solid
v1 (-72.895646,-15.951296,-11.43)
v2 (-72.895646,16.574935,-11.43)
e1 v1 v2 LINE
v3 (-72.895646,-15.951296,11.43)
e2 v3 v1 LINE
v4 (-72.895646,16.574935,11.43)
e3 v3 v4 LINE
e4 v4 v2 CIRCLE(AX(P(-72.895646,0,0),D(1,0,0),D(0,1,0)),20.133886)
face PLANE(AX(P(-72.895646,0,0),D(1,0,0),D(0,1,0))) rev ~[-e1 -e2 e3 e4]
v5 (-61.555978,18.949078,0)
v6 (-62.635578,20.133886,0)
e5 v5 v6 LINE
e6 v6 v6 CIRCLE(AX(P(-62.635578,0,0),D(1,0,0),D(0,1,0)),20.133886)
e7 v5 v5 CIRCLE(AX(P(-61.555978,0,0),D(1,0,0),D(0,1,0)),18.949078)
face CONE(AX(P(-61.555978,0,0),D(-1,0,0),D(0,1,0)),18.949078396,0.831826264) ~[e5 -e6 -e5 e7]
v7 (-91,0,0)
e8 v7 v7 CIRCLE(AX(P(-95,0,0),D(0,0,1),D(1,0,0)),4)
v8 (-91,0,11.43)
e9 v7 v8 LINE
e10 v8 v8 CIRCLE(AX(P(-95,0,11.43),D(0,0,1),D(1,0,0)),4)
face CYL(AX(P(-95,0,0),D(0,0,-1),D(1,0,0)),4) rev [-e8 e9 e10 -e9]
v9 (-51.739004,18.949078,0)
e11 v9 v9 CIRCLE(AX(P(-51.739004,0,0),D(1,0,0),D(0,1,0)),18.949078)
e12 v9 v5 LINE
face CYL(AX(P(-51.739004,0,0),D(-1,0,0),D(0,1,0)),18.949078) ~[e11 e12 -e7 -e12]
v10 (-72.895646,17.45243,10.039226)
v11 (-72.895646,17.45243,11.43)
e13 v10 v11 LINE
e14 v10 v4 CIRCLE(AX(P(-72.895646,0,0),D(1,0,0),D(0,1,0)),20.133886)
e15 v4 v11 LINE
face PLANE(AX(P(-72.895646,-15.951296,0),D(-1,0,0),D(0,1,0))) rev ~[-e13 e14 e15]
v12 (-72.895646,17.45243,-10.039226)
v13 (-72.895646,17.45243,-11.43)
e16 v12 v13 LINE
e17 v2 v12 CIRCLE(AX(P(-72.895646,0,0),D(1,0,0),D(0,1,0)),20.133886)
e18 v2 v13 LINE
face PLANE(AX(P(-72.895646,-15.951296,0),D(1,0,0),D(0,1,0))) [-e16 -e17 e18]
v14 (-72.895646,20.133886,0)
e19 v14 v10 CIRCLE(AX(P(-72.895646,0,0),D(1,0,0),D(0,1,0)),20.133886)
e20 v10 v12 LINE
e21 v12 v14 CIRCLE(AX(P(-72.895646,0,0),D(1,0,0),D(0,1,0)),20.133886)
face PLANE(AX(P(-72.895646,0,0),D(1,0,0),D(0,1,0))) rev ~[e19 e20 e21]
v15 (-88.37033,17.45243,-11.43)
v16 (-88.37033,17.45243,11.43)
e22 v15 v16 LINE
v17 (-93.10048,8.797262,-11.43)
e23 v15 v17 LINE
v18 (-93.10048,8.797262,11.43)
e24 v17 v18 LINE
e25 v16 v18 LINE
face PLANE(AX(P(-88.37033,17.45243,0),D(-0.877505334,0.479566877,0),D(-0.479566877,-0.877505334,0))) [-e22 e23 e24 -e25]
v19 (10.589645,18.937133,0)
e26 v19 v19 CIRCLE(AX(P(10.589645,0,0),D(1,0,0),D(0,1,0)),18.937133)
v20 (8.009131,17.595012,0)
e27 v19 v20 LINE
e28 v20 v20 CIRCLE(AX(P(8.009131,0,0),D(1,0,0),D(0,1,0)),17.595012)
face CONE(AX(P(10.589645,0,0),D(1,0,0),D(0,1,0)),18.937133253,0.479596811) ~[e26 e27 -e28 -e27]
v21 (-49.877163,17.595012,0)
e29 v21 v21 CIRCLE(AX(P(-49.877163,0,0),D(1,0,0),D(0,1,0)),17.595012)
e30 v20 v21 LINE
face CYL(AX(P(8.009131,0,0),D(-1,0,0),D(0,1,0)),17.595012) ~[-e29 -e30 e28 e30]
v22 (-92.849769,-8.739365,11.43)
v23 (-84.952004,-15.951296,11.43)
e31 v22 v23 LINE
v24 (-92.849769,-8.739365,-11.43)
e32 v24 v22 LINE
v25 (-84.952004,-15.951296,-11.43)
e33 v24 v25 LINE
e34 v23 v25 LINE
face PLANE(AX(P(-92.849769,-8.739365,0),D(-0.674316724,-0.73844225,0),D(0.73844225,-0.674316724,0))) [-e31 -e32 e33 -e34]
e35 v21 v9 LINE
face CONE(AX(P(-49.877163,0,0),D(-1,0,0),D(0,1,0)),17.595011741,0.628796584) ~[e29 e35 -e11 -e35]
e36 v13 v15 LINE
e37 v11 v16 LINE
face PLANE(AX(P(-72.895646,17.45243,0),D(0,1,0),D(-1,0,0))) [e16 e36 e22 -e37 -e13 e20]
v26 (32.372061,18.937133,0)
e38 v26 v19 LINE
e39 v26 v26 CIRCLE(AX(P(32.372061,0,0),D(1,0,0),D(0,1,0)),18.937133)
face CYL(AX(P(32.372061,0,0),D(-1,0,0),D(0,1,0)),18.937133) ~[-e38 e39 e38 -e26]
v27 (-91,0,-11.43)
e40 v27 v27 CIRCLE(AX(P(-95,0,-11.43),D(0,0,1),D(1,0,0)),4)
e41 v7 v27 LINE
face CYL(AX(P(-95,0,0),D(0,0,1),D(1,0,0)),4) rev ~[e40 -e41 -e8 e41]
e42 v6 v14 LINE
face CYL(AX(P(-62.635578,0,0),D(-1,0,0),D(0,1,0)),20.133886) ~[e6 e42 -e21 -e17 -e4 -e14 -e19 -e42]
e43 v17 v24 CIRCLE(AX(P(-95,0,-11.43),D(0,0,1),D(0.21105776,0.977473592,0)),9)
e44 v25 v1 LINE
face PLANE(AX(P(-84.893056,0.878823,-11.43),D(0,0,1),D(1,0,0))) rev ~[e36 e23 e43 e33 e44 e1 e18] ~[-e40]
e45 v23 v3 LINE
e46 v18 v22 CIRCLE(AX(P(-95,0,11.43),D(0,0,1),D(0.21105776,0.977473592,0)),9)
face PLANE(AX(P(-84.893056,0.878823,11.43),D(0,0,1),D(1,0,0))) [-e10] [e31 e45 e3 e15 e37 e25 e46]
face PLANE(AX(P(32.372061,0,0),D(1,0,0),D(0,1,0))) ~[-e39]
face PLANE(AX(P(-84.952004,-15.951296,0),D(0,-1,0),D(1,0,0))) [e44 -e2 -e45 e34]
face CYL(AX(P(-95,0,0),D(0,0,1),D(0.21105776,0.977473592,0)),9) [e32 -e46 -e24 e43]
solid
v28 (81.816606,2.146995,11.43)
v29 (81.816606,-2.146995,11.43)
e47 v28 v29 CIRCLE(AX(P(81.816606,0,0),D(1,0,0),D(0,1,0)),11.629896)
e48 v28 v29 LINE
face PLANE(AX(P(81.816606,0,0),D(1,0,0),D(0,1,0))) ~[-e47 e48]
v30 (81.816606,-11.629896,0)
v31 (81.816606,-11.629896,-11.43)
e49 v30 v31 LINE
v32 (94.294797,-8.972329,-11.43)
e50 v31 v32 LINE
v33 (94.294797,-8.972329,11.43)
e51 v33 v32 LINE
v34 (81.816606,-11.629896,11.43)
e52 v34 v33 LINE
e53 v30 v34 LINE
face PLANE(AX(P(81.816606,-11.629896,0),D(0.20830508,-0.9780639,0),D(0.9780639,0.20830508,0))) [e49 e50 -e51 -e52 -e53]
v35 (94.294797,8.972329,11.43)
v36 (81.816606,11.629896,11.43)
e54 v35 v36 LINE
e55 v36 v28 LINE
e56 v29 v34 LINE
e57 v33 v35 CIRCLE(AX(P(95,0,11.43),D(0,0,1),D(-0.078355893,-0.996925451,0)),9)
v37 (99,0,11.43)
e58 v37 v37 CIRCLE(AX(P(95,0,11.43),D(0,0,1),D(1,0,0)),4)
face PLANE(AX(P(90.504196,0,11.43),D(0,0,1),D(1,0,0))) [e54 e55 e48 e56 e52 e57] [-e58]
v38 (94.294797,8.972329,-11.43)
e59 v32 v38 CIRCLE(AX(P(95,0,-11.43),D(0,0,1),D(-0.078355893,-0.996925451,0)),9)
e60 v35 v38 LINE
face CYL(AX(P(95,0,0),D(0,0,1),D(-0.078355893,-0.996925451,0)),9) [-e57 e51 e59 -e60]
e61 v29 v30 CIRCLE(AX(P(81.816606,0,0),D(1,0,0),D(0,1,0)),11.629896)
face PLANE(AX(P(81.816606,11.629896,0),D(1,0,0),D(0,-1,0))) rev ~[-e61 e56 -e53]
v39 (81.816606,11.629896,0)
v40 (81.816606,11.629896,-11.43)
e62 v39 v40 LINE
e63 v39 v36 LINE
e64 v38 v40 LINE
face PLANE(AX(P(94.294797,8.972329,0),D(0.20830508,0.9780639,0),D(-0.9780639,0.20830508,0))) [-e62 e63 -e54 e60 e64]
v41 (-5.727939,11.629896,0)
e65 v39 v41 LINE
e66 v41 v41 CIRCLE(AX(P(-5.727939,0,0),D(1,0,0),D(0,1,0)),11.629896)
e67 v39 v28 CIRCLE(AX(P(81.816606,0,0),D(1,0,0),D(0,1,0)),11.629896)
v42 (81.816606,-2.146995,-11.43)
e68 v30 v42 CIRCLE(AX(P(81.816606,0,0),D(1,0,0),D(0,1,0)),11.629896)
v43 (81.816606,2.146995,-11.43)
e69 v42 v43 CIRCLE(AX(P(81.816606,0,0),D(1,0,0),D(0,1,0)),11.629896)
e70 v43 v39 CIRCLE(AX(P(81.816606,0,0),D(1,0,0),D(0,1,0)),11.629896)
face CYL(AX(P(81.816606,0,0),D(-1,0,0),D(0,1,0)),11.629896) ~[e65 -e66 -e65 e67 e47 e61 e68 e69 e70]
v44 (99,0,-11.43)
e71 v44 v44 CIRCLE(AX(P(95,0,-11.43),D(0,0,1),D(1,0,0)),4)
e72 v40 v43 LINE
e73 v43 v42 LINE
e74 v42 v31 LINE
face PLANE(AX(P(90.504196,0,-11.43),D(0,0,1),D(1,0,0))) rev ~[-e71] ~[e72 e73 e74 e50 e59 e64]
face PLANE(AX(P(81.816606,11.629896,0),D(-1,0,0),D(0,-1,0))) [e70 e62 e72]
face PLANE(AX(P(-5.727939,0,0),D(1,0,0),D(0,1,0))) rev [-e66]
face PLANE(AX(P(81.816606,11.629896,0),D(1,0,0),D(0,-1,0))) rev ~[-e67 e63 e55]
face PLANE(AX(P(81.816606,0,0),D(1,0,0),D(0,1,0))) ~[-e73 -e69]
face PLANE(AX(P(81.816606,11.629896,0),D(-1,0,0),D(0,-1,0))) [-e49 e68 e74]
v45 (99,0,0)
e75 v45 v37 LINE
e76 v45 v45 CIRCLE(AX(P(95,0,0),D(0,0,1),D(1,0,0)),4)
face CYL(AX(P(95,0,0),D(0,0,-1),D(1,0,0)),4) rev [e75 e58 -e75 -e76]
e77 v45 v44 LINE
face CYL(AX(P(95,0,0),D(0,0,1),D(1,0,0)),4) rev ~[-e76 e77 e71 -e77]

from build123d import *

# Parameters (mm, degrees)
F0_W          = 38.1
F0_H          = 11.6298962384
F0_W_2        = 49.4445450604
F0_R          = 4
F3_DEPTH      = 11.43
F3_DEPTH_BACK = 11.43
F4_DEPTH      = 11.43
F4_DEPTH_BACK = 11.43


with BuildPart() as f1:
    # F0 (on Top) → F1 (revolve)
    with BuildSketch(Plane.XY):
        Polygon((10.5896452442, 18.9371332526), (8.0091310665, 17.5950117409), (-49.8771630228, 17.5950117409), (-51.7390035093, 18.949078396), (-61.5559779108, 18.949078396), (-62.6355782151, 20.1338864863), (-72.8956460953, 20.1338864863), (-72.8956460953, 17.4524304397), (-72.8956460953, 0), (-5.7279388368, 0), (-5.7279388368, 11.6298962384), (32.3720611632, 11.6298962384), (32.3720611632, 18.9371332526), align=None)
        with Locations((13.3220611632, 5.8149481192)):
            Rectangle(F0_W, F0_H)
    revolve(axis=Axis((4.4604800642, 0, 0), (1, 0, 0)))

    # F0 (on Top) → F4 (join, two sides)
    with BuildSketch(Plane.XY) as f4_sk:
        with BuildLine():
            Line((-72.8956460953, 0), (-72.8956460953, 17.4524304397))
            Line((-72.8956460953, 17.4524304397), (-88.3703300601, 17.4524304397))
            Line((-88.3703300601, 17.4524304397), (-93.1004801636, 8.7972623237))
            ThreePointArc((-93.1004801636, 8.7972623237), (-103.9990803927, -0.1286549099), (-92.8497686305, -8.7393652548))
            Line((-92.8497686305, -8.7393652548), (-84.9520042539, -15.9512963146))
            Line((-84.9520042539, -15.9512963146), (-72.8956460953, -15.9512963146))
            Line((-72.8956460953, -15.9512963146), (-72.8956460953, 0))
        make_face()
        with Locations((-95, 0)):
            Circle(F0_R, mode=Mode.SUBTRACT)
    extrude(amount=F4_DEPTH)
    extrude(f4_sk.sketch, amount=-F4_DEPTH_BACK)


with BuildPart() as f2:
    # F0 (on Top) → F2 (revolve)
    with BuildSketch(Plane.XY):
        with Locations((57.0943336934, 5.8149481192)):
            Rectangle(F0_W_2, F0_H)
        with Locations((13.3220611632, 5.8149481192)):
            Rectangle(F0_W, F0_H)
    revolve(axis=Axis((4.4604800642, 0, 0), (1, 0, 0)))

    # F0 (on Top) → F3 (join, two sides)
    with BuildSketch(Plane.XY) as f3_sk:
        with BuildLine():
            Line((94.2947969589, 8.972329055), (81.8166062236, 11.6298962384))
            Line((81.8166062236, 11.6298962384), (81.8166062236, 0))
            Line((81.8166062236, 0), (81.8166062236, -11.6298962384))
            Line((81.8166062236, -11.6298962384), (94.2947969589, -8.972329055))
            ThreePointArc((94.2947969589, -8.972329055), (104, 0), (94.2947969589, 8.972329055))
        make_face()
        with Locations((95, 0)):
            Circle(F0_R, mode=Mode.SUBTRACT)
    extrude(amount=F3_DEPTH)
    extrude(f3_sk.sketch, amount=-F3_DEPTH_BACK)


solid = Compound([f1.part, f2.part])
